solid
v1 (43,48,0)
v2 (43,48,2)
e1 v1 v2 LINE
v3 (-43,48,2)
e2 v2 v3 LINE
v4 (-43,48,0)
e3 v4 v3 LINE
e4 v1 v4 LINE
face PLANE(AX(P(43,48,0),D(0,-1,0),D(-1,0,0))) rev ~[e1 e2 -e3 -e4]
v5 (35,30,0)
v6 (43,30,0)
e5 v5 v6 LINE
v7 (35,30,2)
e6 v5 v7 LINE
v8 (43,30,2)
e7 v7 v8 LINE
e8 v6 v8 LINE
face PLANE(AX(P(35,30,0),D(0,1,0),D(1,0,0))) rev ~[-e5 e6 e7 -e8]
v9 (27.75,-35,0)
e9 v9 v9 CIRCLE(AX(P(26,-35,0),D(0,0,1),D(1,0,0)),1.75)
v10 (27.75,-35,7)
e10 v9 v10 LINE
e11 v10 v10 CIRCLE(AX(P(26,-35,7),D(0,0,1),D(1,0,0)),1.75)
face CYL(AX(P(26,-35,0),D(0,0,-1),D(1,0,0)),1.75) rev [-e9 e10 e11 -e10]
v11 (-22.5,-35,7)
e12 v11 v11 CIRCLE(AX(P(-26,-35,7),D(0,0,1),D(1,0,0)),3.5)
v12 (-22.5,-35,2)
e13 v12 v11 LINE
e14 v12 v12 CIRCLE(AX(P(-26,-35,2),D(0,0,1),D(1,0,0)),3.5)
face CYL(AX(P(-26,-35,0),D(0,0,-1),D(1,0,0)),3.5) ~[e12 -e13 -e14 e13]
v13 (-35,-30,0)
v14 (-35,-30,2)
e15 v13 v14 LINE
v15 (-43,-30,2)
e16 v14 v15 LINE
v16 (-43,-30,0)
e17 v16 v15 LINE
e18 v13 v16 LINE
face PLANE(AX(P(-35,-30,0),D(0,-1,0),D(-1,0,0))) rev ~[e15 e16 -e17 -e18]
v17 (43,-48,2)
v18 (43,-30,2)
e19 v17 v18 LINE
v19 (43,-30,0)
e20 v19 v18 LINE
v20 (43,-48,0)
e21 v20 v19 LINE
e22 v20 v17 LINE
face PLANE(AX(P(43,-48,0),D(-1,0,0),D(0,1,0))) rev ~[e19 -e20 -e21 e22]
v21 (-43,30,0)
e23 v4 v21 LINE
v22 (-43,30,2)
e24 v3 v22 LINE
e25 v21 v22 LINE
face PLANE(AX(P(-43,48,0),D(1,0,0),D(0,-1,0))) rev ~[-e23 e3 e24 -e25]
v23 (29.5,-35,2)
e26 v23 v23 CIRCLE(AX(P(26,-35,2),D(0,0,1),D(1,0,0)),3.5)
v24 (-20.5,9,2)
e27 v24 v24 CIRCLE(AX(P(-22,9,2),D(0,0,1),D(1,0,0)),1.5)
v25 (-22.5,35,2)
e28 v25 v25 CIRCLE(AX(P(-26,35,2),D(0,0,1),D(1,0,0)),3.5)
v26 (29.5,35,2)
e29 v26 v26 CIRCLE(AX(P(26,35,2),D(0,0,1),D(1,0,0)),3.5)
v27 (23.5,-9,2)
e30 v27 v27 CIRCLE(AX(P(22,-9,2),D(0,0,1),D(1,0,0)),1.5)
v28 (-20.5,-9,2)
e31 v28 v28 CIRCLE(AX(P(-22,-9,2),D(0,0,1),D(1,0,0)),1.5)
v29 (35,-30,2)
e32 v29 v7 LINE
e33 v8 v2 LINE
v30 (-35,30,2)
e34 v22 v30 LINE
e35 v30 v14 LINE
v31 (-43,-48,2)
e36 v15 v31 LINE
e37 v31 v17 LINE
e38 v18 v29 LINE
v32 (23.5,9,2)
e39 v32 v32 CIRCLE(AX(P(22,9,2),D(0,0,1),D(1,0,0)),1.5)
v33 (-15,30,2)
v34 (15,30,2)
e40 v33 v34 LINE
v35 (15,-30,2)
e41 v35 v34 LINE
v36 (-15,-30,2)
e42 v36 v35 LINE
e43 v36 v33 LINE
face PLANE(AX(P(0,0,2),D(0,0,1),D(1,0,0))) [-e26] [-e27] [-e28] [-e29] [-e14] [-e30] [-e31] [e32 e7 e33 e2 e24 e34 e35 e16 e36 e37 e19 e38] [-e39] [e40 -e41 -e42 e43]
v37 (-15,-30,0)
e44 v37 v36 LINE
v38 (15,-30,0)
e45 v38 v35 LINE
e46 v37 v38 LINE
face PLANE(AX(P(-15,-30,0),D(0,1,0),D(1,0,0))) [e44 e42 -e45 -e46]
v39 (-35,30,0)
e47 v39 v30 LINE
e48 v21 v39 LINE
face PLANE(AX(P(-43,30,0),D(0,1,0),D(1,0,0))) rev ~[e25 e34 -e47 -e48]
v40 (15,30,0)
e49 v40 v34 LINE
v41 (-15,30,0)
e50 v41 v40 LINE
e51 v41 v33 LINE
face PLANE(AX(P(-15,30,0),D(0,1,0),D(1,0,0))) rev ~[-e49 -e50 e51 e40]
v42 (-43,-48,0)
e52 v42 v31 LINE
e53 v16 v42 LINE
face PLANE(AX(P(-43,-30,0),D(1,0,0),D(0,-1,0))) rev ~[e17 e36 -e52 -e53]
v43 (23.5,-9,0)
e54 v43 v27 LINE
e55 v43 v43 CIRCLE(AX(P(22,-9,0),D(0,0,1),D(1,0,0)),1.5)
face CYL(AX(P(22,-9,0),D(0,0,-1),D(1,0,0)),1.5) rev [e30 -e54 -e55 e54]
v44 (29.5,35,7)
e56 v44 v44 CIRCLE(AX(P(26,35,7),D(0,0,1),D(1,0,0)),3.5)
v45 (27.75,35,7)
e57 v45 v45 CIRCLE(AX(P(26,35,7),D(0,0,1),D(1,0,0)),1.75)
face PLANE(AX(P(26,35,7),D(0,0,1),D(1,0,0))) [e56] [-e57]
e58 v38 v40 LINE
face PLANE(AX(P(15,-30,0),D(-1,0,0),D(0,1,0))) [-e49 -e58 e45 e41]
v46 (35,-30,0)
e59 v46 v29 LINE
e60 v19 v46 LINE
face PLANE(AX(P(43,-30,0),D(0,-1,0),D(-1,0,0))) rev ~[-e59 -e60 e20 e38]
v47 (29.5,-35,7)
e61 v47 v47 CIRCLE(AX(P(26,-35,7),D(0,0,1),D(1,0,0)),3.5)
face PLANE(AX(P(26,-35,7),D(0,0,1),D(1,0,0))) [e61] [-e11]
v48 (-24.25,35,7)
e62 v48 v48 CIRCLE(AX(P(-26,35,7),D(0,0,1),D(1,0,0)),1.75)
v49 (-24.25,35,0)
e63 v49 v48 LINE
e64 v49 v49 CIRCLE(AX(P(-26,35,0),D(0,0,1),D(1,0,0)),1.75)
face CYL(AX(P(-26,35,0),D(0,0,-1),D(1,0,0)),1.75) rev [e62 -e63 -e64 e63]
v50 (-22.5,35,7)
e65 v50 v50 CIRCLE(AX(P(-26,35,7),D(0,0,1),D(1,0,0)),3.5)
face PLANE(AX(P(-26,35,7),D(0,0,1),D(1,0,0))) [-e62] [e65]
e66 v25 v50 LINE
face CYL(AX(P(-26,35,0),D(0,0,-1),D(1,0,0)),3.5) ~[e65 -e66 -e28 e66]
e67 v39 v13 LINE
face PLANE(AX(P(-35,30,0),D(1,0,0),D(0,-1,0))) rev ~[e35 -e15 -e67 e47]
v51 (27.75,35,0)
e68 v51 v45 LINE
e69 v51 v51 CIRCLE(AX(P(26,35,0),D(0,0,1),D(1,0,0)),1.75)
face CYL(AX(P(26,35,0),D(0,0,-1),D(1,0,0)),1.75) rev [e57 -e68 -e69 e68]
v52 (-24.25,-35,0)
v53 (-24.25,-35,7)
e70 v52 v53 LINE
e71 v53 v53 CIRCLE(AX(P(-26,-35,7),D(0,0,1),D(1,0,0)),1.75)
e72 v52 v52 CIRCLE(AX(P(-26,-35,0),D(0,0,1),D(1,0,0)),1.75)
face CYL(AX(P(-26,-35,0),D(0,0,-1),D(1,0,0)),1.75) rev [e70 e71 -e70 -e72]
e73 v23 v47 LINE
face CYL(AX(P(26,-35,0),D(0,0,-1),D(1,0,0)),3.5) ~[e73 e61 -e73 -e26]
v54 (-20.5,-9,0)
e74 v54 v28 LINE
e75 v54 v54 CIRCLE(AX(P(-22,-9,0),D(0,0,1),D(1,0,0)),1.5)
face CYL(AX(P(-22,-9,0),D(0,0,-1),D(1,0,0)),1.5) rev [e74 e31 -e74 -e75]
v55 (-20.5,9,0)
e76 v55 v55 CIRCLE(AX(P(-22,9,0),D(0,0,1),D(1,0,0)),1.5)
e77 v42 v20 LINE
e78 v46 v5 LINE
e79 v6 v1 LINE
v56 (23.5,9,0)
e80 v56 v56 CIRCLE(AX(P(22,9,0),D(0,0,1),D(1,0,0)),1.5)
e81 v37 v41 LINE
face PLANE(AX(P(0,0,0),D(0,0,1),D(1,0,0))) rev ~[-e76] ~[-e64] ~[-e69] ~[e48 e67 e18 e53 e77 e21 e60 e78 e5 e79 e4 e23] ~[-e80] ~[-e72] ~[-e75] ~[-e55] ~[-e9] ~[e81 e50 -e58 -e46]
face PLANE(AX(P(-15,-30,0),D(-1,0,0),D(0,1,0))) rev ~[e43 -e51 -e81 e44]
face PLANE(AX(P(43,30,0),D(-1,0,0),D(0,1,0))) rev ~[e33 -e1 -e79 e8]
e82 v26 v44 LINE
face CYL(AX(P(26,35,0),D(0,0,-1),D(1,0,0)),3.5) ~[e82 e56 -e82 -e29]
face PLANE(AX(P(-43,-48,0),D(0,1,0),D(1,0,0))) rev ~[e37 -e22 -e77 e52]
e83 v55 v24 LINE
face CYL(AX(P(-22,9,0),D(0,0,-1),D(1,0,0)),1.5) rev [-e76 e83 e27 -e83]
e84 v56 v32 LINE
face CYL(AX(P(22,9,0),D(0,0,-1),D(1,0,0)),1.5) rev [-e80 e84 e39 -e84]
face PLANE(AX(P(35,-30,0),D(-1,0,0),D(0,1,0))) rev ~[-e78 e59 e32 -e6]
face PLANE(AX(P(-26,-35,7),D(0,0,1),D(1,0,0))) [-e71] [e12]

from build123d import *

# Parameters (mm, degrees)
F0_R     = 3.5
F0_R_2   = 1.5
F0_W     = 30
F0_H     = 60
F1_DEPTH = 2
F0_R_3   = 1.75
F2_DEPTH = 7


with BuildPart() as f1:
    # F0 (on Top) → F1 (new body)
    with BuildSketch(Plane.XY):
        Polygon((43, 30), (43, 48), (35, 48), (-35, 48), (-43, 48), (-43, 30), (-35, 30), (-35, 0), (-35, -30), (-43, -30), (-43, -48), (-35, -48), (35, -48), (43, -48), (43, -30), (35, -30), (35, 0), (35, 30), align=None)
        with Locations((-26, -35)):
            Circle(F0_R, mode=Mode.SUBTRACT)
        with Locations((-22, -9)):
            Circle(F0_R_2, mode=Mode.SUBTRACT)
        with Locations((26, -35)):
            Circle(F0_R, mode=Mode.SUBTRACT)
        with Locations((22, -9)):
            Circle(F0_R_2, mode=Mode.SUBTRACT)
        with Locations((-22, 9)):
            Circle(F0_R_2, mode=Mode.SUBTRACT)
        with Locations((-26, 35)):
            Circle(F0_R, mode=Mode.SUBTRACT)
        Rectangle(F0_W, F0_H, mode=Mode.SUBTRACT)
        with Locations((22, 9)):
            Circle(F0_R_2, mode=Mode.SUBTRACT)
        with Locations((26, 35)):
            Circle(F0_R, mode=Mode.SUBTRACT)
    extrude(amount=F1_DEPTH)

    # F0 (on Top) → F2 (join)
    with BuildSketch(Plane.XY):
        with Locations((-26, 35)):
            Circle(F0_R)
        with Locations((-26, 35)):
            Circle(F0_R_3, mode=Mode.SUBTRACT)
        with Locations((26, 35)):
            Circle(F0_R)
        with Locations((26, 35)):
            Circle(F0_R_3, mode=Mode.SUBTRACT)
        with Locations((26, -35)):
            Circle(F0_R)
        with Locations((26, -35)):
            Circle(F0_R_3, mode=Mode.SUBTRACT)
        with Locations((-26, -35)):
            Circle(F0_R)
        with Locations((-26, -35)):
            Circle(F0_R_3, mode=Mode.SUBTRACT)
    extrude(amount=F2_DEPTH)


solid = f1.part
